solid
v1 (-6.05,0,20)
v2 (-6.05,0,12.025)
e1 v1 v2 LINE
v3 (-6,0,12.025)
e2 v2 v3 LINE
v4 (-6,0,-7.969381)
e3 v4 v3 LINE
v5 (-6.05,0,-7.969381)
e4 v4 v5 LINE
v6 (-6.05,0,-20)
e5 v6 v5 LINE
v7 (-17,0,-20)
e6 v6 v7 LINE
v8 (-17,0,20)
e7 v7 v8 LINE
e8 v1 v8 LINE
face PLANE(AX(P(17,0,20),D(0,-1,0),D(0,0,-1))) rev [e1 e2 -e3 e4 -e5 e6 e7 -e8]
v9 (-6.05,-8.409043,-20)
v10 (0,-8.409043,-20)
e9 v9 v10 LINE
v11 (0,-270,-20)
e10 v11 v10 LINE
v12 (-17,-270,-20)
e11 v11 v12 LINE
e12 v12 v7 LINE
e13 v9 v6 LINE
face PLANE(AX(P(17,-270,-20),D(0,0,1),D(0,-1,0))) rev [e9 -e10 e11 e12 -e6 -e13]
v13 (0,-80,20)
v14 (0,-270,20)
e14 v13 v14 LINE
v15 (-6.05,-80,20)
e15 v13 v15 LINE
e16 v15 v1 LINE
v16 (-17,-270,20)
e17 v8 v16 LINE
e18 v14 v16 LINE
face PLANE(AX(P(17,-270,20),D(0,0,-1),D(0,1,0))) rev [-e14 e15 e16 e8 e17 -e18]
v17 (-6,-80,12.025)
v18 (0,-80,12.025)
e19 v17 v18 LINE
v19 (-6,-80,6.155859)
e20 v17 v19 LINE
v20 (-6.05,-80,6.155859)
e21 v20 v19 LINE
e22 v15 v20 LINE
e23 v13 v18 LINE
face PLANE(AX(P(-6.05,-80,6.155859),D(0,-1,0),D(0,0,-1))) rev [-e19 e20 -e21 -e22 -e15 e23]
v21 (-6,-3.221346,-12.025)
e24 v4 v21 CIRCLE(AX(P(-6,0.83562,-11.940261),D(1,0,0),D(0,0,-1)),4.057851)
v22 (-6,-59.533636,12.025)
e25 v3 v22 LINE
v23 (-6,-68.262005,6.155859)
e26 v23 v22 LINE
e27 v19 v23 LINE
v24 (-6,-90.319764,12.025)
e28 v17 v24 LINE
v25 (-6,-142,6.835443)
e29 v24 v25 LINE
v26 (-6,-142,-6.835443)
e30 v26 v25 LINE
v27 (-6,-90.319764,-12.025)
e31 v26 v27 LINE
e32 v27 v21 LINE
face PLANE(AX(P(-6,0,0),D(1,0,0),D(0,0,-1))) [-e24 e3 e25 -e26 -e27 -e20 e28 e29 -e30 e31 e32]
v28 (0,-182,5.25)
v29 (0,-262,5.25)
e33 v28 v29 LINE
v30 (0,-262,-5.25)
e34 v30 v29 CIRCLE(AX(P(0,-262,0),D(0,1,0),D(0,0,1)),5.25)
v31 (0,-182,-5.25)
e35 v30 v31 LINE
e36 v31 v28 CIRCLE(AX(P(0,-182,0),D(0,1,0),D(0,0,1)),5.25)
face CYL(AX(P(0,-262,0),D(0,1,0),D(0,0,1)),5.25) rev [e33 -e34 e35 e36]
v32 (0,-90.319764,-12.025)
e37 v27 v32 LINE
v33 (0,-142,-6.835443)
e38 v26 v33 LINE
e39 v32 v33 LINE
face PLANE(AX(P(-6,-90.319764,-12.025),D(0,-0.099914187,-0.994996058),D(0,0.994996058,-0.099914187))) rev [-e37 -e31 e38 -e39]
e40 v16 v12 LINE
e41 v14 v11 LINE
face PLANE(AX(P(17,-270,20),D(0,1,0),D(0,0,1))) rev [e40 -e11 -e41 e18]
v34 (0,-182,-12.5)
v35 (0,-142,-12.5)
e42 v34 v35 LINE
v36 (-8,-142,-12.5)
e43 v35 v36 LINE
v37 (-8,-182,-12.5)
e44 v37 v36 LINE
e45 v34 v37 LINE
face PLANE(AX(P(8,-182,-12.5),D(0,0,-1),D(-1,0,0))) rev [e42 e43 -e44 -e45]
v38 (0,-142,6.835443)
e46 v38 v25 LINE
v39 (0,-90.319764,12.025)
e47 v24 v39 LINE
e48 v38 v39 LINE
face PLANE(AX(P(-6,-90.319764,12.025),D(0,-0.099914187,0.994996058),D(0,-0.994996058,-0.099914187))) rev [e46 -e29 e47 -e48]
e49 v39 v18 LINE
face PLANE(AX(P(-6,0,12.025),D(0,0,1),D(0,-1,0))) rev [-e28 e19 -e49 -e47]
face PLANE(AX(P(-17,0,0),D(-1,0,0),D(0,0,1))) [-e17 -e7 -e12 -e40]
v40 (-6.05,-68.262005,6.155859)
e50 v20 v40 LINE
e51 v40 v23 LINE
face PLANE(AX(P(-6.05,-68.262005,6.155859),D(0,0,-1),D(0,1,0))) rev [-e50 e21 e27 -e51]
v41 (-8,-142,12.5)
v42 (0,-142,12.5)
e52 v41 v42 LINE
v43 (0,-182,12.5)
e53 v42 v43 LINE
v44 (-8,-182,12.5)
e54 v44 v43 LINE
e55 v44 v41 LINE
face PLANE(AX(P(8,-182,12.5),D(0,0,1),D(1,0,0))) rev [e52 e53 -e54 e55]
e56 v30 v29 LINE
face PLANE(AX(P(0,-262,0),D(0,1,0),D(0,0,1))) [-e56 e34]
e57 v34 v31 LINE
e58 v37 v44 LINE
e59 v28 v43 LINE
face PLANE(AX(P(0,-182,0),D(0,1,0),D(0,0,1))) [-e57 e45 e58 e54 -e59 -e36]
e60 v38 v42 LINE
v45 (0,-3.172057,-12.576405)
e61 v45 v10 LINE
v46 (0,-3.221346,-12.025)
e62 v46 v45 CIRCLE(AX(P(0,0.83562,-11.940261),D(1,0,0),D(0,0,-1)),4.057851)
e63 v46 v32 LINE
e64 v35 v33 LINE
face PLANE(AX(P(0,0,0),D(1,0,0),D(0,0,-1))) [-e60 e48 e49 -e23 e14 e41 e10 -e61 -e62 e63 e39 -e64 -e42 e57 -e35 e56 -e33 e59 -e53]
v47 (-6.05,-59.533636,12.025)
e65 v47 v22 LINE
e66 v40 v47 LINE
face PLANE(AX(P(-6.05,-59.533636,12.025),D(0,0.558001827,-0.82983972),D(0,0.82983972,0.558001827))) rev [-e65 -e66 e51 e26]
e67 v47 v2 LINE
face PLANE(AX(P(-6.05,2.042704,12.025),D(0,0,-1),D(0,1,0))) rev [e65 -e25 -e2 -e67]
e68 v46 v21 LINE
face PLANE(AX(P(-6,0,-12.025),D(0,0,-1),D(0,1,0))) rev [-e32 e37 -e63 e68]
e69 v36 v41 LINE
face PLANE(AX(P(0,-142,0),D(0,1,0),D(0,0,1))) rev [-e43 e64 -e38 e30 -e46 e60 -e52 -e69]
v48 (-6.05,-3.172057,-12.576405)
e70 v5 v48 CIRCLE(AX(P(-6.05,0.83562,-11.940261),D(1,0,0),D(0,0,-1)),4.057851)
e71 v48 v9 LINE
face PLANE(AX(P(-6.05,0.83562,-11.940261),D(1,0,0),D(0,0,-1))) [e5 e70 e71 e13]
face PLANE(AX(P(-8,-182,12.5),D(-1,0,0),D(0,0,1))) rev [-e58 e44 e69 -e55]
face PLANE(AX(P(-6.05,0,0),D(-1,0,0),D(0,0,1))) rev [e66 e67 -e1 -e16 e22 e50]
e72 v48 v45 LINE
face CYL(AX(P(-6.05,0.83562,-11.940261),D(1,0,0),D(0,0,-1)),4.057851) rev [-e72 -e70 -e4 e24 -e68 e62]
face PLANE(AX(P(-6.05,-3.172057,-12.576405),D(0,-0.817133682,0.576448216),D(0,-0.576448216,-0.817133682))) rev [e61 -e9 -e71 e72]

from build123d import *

# Parameters (mm, degrees)
SKETCH_1_W          = 40
SKETCH_1_H          = 270
EXTRUDE_1_DEPTH     = 17
CUT_EXTRUDE_1_DEPTH = 6
SKETCH_3_W          = 152.274191223
SKETCH_3_H          = 354.870754653
CUT_EXTRUDE_2_DEPTH = 272.272925298
SKETCH_5_W          = 16
SKETCH_5_H          = 25
CUT_EXTRUDE_3_DEPTH = 40
SKETCH_6_R          = 5.25
CUT_EXTRUDE_4_DEPTH = 120
CUT_EXTRUDE_5_DEPTH = 6.05


with BuildPart() as part:
    # 스케치1 → 보스-돌출1 (new, symmetric)
    with BuildSketch(Plane(origin=(0, 0, 0), x_dir=(0, 0, -1), z_dir=(1, 0, 0))):
        with Locations((0, -135)):
            Rectangle(SKETCH_1_W, SKETCH_1_H)
    extrude(amount=EXTRUDE_1_DEPTH, both=True)

    # 스케치2 → 컷-돌출1 (cut, symmetric)
    with BuildSketch(Plane(origin=(0, 0, 0), x_dir=(0, 0, -1), z_dir=(1, 0, 0))):
        Polygon((-12.025, 0), (-12.025, -90.319763504), (-6, -150.319763504), (6, -150.319763504), (12.025, -90.319763504), (12.025, 0), align=None)
    extrude(amount=CUT_EXTRUDE_1_DEPTH, both=True, mode=Mode.SUBTRACT)

    # 스케치3 → 컷-돌출2 (cut, through all)
    with BuildSketch(Plane(origin=(0, 0, 0), x_dir=(0, 0, -1), z_dir=(1, 0, 0))):
        with Locations((9.80305952, -151.338432535)):
            Rectangle(SKETCH_3_W, SKETCH_3_H)
    extrude(amount=CUT_EXTRUDE_2_DEPTH, mode=Mode.SUBTRACT)

    # 스케치5 → 컷-돌출3 (cut)
    with BuildSketch(Plane(origin=(0, -142, 0), x_dir=(1, 0, 0), z_dir=(0, 1, 0))):
        Rectangle(SKETCH_5_W, SKETCH_5_H)
    extrude(amount=-CUT_EXTRUDE_3_DEPTH, mode=Mode.SUBTRACT)

    # 스케치6 → 컷-돌출4 (cut)
    with BuildSketch(Plane(origin=(0, -142, 0), x_dir=(1, 0, 0), z_dir=(0, 1, 0))):
        Circle(SKETCH_6_R)
    extrude(amount=-CUT_EXTRUDE_4_DEPTH, mode=Mode.SUBTRACT)

    # 스케치7 → 컷-돌출5 (cut, symmetric)
    with BuildSketch(Plane(origin=(0, 0, 0), x_dir=(0, 0, -1), z_dir=(1, 0, 0))):
        Polygon((-6.155859274, -80), (-36.714111957, -80), (-36.714111957, 2.042704012), (-12.025, 2.042704012), (-12.025, -59.533635609), (-6.155859274, -68.262005046), align=None)
        with BuildLine():
            Line((6.890709855, 1.954718535), (7.897215171, 1.181933858))
            ThreePointArc((7.897215171, 1.181933858), (9.176015746, -2.135086772), (12.576405499, -3.172056537))
            Line((12.576405499, -3.172056537), (24.789660635, -11.787916198))
            Line((24.789660635, -11.787916198), (24.789660635, 1.954718535))
            Line((24.789660635, 1.954718535), (6.890709855, 1.954718535))
        make_face()
    extrude(amount=CUT_EXTRUDE_5_DEPTH, both=True, mode=Mode.SUBTRACT)


solid = part.part
